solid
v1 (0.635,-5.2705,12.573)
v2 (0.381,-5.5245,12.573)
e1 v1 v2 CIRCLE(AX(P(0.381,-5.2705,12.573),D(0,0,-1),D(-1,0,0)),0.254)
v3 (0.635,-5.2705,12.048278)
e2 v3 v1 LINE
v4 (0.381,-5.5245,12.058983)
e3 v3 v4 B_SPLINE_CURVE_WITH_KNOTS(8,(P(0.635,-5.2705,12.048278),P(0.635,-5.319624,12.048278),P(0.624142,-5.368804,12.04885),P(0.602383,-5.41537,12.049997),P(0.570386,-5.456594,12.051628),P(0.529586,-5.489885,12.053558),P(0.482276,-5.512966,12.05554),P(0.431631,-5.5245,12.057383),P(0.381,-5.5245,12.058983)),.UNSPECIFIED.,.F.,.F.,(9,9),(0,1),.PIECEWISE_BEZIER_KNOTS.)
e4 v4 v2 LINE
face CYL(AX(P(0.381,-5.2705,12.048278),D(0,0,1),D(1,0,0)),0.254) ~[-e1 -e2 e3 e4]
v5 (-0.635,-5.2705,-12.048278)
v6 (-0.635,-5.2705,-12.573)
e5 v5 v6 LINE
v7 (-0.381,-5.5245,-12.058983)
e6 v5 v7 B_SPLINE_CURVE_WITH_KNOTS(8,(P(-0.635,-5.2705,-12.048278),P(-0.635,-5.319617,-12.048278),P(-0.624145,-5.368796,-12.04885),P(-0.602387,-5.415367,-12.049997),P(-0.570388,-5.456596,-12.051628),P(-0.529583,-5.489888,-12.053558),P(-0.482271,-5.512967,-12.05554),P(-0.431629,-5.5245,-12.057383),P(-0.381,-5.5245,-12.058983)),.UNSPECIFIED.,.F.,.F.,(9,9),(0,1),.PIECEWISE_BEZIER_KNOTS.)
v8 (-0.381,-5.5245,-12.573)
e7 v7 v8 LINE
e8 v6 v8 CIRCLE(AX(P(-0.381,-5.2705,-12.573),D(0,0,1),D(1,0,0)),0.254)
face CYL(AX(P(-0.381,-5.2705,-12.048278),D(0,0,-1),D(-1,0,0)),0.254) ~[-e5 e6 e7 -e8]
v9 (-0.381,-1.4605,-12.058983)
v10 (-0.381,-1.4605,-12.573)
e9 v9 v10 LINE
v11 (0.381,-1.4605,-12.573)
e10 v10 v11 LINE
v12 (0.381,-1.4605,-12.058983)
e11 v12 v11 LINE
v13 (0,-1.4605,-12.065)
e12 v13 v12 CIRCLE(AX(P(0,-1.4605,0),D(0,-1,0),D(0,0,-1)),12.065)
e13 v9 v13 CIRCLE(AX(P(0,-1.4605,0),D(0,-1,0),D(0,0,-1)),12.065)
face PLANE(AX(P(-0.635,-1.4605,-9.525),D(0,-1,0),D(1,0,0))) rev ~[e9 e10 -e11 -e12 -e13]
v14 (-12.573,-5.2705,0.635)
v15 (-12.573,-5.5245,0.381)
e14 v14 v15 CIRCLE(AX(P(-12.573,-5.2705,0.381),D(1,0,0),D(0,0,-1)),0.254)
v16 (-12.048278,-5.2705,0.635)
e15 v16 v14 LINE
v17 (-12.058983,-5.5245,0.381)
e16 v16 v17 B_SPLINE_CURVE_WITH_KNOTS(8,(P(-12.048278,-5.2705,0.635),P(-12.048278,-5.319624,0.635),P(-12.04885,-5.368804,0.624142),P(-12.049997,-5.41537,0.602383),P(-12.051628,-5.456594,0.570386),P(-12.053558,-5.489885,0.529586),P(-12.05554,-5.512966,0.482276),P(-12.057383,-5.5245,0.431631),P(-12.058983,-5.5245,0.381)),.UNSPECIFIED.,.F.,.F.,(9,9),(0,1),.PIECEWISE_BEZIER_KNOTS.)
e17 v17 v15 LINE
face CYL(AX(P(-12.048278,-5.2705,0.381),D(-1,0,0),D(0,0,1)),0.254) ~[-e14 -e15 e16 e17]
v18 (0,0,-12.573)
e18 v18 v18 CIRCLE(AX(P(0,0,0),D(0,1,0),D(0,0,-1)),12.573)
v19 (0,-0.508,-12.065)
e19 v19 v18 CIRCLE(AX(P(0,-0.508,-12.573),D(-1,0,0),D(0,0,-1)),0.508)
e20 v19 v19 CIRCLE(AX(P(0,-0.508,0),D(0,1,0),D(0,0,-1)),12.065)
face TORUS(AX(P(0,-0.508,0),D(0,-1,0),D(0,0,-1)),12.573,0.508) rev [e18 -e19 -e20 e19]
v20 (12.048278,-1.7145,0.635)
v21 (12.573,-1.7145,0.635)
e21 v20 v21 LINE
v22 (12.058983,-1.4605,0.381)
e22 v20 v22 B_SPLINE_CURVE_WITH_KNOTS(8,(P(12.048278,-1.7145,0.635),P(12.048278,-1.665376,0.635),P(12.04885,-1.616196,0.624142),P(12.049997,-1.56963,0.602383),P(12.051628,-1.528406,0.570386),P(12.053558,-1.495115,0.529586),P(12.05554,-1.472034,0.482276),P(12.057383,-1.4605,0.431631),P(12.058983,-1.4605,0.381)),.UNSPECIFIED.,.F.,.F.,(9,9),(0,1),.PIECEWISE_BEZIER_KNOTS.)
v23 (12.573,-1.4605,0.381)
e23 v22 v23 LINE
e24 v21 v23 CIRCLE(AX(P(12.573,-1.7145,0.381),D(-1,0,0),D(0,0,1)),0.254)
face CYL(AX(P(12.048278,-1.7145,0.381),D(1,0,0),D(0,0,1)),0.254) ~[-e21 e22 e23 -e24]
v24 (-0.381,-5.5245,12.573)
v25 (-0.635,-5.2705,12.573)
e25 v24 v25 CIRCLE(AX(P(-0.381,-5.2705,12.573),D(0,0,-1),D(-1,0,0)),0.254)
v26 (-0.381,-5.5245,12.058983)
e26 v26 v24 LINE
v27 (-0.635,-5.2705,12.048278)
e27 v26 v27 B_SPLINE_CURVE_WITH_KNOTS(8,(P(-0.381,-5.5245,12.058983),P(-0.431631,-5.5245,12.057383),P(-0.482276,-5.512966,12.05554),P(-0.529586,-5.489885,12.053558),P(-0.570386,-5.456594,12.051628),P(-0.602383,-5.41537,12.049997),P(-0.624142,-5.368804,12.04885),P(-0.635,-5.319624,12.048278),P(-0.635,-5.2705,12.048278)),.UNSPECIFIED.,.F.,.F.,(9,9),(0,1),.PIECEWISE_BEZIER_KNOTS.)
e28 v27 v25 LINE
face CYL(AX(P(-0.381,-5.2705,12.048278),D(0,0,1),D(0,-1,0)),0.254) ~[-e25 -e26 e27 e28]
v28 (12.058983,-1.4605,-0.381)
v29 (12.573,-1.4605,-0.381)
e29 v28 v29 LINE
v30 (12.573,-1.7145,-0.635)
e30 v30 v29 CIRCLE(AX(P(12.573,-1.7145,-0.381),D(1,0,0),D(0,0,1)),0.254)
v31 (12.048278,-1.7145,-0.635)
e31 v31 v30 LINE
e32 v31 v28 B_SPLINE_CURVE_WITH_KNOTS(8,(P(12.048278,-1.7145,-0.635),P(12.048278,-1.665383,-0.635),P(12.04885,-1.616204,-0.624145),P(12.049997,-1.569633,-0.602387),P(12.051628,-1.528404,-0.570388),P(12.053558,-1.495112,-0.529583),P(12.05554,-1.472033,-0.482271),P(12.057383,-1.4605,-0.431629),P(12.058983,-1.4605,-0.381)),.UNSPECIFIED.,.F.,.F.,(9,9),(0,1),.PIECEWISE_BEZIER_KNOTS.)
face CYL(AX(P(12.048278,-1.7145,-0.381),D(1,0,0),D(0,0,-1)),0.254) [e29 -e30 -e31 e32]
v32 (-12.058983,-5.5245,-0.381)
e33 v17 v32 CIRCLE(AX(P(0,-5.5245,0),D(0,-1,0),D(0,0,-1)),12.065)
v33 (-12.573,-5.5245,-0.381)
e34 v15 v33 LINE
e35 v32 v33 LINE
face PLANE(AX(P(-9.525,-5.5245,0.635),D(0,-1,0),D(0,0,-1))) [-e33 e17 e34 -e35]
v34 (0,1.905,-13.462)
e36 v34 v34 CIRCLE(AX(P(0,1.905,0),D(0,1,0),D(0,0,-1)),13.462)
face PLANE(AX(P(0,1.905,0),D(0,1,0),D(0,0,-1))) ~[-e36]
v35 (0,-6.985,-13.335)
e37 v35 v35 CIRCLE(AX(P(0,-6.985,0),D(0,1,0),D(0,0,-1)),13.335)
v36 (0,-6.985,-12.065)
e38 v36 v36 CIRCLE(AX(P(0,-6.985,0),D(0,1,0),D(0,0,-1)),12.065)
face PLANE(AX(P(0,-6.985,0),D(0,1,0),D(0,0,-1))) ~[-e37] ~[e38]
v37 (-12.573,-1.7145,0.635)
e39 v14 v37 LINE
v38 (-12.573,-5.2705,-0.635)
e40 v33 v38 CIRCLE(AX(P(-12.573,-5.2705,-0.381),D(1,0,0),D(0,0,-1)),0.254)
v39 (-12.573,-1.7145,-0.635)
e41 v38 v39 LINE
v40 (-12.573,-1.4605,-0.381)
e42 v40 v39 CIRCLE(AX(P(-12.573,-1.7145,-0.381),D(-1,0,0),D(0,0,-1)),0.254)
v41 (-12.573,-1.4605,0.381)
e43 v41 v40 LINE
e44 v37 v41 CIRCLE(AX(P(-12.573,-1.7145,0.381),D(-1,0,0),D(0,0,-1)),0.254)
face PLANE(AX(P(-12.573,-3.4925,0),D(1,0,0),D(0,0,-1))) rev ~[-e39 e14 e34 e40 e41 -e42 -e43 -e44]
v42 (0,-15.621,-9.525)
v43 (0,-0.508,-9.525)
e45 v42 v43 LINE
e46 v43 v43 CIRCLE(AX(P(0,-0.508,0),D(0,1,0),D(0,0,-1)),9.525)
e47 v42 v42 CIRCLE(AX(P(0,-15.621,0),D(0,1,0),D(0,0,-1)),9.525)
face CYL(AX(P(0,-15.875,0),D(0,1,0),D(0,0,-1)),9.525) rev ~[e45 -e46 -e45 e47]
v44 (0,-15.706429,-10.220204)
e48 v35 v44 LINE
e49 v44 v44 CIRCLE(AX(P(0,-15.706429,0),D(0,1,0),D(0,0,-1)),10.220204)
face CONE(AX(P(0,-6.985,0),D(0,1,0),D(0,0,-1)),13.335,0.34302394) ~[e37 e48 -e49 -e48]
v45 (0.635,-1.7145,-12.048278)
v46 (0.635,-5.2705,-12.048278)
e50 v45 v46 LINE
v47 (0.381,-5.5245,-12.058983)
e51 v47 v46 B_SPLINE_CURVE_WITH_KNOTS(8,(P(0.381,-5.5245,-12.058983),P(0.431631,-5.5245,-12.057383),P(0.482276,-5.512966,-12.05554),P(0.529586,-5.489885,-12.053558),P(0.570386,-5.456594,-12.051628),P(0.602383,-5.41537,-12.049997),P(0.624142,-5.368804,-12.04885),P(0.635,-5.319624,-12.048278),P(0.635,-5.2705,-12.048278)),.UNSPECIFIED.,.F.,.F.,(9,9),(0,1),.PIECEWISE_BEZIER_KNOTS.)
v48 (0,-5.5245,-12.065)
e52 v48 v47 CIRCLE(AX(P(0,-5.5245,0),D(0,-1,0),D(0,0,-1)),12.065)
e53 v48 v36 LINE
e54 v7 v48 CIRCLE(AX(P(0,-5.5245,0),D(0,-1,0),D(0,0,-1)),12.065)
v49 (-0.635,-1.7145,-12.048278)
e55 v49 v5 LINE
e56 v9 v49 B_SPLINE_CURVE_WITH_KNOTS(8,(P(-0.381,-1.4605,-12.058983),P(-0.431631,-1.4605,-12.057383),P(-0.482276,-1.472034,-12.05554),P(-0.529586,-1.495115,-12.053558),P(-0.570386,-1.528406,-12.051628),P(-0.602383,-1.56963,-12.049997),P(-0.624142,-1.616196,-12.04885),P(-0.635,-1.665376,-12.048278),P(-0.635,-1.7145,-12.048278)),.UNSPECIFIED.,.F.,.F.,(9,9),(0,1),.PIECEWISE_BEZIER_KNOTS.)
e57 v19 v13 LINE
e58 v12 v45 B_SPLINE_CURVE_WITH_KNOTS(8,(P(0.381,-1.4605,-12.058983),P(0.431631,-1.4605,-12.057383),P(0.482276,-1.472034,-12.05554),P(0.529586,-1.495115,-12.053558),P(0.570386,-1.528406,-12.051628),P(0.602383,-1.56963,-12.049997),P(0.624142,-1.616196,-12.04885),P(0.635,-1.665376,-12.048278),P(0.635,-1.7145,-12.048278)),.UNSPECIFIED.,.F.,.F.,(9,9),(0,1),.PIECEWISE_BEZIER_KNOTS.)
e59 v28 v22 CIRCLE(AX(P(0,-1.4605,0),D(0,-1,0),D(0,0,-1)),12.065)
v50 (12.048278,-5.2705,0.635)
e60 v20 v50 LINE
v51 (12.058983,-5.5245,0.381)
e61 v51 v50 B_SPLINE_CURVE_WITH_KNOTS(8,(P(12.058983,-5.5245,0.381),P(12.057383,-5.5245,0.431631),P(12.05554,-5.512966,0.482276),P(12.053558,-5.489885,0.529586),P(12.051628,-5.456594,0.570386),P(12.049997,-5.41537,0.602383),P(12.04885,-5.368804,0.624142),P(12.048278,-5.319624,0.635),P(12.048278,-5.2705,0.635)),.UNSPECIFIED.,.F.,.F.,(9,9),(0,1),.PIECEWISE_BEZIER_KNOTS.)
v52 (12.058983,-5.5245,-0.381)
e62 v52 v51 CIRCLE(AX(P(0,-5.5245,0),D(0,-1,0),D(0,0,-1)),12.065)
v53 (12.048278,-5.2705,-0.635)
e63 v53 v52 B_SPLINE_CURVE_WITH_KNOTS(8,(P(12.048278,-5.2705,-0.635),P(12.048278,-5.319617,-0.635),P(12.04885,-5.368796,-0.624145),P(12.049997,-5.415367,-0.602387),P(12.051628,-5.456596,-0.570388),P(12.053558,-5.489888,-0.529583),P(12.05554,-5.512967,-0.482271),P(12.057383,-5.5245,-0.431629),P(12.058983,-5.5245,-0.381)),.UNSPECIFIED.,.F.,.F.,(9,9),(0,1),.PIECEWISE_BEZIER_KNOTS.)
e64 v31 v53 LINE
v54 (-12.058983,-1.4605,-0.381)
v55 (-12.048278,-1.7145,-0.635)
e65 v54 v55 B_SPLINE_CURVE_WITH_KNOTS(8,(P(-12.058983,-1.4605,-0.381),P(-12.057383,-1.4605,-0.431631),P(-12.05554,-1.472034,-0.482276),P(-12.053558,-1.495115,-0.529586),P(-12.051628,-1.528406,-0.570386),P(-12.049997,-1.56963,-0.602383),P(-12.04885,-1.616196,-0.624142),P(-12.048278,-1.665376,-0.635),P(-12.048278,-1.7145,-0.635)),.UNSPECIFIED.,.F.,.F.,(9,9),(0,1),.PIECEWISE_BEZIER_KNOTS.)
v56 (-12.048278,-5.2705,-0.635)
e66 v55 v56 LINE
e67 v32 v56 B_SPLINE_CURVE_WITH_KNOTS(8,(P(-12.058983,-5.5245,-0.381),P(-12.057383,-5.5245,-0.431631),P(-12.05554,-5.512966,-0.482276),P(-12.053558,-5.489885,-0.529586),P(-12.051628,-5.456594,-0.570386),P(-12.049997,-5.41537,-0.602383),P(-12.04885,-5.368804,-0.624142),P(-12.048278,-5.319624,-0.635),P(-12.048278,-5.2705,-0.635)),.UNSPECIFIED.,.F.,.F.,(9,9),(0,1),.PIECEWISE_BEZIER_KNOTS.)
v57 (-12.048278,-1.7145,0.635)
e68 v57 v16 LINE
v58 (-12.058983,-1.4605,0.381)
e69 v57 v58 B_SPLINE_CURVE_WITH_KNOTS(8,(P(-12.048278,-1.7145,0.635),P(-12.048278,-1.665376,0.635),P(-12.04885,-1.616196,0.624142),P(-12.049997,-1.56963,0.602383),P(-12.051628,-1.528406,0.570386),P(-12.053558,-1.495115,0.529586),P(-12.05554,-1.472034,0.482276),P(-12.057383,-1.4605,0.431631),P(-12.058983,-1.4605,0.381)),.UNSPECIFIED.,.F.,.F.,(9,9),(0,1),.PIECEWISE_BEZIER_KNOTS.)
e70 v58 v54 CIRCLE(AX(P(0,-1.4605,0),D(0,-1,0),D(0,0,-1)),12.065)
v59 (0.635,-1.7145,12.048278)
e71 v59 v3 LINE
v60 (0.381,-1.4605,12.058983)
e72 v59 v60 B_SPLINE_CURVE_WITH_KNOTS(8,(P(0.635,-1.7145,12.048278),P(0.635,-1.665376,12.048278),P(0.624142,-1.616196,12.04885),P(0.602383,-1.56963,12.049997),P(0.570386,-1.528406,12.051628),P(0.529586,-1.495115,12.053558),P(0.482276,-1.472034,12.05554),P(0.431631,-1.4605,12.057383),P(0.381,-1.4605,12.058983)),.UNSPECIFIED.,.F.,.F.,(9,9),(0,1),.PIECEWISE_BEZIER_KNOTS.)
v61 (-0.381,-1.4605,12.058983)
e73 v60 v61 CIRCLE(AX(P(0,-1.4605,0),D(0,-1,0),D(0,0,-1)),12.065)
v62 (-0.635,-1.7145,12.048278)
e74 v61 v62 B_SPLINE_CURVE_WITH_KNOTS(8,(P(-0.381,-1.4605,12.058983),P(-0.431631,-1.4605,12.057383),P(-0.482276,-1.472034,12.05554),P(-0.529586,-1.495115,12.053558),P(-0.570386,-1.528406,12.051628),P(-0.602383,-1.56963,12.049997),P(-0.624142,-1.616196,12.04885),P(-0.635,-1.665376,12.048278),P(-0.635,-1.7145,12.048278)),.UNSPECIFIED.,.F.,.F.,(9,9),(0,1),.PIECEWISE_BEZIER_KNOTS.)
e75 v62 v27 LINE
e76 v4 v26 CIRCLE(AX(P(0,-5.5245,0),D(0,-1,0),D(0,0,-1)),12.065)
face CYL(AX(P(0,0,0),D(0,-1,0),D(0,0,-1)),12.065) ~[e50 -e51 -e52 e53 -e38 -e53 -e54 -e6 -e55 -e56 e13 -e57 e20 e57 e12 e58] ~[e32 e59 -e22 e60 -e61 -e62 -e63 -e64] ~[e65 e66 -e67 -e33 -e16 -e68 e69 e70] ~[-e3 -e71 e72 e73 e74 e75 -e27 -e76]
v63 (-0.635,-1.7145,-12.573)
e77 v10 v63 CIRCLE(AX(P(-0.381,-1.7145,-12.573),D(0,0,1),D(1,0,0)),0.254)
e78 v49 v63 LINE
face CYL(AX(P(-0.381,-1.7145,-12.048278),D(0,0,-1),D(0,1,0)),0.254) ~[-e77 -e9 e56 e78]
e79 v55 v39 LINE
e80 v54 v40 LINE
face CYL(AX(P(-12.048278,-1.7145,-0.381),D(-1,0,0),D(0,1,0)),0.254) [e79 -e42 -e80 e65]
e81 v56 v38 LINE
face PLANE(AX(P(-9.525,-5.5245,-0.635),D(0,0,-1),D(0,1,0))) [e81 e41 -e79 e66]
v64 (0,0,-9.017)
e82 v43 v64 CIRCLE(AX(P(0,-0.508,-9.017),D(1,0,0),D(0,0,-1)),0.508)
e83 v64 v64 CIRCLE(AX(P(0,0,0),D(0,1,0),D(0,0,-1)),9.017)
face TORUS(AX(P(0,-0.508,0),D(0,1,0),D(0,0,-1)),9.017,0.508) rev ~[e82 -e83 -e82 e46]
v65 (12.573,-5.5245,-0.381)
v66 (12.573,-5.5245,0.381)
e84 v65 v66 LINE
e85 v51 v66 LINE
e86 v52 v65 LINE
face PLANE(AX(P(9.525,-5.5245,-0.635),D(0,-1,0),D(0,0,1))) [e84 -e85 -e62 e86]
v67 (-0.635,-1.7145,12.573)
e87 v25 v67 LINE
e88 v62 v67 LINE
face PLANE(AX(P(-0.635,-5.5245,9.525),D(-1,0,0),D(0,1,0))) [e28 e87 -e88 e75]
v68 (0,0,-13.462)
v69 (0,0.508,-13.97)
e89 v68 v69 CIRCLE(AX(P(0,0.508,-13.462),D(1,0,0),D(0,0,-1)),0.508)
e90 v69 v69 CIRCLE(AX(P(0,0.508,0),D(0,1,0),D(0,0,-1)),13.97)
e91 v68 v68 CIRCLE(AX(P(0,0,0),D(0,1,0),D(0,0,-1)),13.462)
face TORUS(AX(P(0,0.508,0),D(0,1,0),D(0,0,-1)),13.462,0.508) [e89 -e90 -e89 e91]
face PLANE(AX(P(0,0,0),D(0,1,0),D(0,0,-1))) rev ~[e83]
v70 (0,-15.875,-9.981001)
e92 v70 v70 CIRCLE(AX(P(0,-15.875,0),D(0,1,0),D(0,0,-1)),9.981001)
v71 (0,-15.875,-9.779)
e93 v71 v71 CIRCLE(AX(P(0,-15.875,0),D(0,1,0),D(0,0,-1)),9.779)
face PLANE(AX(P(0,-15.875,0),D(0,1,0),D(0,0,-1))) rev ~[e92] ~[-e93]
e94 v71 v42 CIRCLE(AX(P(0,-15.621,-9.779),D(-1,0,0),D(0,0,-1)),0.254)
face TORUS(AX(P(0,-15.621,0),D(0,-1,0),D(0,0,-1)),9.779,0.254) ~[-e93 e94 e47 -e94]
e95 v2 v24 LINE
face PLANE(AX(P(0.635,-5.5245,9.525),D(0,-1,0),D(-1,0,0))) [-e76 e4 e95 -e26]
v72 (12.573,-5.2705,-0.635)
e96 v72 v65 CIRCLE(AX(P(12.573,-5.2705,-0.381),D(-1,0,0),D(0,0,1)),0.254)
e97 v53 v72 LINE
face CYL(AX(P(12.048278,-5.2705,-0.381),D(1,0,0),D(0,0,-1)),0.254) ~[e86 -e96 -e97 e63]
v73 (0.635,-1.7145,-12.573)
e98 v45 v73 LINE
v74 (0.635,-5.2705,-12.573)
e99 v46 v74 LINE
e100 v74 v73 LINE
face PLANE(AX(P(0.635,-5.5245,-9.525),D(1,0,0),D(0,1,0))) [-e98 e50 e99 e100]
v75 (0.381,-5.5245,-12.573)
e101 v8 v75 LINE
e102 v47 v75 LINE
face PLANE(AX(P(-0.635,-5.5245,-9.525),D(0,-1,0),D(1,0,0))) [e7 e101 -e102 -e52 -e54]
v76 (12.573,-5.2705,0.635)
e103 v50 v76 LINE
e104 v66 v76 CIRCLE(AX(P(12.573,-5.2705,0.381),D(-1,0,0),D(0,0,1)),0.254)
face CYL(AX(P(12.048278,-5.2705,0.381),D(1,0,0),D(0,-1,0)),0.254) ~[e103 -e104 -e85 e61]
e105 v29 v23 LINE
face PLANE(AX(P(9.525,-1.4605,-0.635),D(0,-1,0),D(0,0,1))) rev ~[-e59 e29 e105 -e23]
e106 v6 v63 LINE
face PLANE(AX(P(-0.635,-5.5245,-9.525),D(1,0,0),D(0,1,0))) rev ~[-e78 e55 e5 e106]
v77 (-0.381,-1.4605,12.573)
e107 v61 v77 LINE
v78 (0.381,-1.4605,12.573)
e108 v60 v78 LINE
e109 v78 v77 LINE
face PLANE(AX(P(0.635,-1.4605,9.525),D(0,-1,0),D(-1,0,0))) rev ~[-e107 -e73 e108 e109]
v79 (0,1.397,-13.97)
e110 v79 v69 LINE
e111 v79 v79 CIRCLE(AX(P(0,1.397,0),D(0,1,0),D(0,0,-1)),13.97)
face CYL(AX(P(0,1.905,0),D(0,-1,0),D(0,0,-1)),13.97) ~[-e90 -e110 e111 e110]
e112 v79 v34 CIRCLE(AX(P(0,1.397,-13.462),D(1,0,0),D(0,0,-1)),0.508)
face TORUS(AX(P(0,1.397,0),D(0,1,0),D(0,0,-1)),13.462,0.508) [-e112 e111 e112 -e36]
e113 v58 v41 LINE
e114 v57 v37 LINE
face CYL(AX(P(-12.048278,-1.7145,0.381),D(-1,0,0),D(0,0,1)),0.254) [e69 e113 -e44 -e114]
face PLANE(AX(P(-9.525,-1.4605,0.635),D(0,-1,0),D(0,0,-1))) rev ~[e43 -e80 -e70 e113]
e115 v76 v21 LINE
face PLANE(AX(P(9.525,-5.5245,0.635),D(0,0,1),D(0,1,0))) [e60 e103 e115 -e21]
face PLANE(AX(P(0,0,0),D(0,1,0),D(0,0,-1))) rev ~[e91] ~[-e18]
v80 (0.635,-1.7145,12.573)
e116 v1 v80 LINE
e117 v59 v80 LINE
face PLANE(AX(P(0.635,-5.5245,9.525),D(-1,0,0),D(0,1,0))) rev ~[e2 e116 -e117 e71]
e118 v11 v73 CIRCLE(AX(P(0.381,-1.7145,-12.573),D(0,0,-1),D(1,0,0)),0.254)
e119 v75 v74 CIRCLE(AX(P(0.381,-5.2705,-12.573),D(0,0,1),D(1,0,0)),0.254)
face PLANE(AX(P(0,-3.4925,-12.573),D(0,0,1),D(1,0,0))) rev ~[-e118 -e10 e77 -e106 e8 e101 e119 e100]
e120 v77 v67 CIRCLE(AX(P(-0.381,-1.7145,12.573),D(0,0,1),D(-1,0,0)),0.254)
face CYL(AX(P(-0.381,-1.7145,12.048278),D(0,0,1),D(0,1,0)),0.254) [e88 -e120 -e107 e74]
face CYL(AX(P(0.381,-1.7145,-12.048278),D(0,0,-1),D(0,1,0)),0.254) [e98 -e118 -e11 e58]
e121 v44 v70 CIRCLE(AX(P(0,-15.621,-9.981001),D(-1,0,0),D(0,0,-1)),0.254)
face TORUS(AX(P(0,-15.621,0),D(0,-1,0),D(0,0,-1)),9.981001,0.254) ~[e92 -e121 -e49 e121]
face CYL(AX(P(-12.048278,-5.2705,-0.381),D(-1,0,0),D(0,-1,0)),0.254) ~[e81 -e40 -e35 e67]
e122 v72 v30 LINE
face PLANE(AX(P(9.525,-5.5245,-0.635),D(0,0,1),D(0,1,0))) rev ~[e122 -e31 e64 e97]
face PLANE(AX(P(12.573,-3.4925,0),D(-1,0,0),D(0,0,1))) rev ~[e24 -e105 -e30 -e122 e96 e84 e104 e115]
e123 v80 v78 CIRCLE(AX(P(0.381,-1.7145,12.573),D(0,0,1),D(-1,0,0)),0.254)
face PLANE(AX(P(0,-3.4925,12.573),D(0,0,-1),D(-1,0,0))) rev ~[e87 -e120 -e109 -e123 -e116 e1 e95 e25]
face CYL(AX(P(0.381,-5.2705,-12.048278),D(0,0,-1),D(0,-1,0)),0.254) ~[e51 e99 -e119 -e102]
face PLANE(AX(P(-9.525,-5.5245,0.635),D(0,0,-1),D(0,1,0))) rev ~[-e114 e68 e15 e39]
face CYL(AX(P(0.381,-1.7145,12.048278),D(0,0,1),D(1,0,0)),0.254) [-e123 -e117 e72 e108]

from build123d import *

# Parameters (mm, degrees)
SKETCH2_W                = 1.27
SKETCH2_H                = 4.064
BOSS_EXTRUDE1_DEPTH      = 3.048
FILLET1_R                = 0.508
FILLET2_R                = 0.254
CIRPATTERN1_COUNT        = 4
FILLET2_OF_CIRPATTERN1_R = 0.254


with BuildPart() as part:
    # Sketch1 → Revolve1 (revolve)
    with BuildSketch(Plane.XY, mode=Mode.PRIVATE) as revolve1_sk:
        Polygon((13.335, -6.985), (10.16, -15.875), (9.525, -15.875), (9.525, 0), (0, 0), (0, 1.905), (13.97, 1.905), (13.97, 0), (12.065, 0), (12.065, -6.985), align=None)
    revolve(revolve1_sk.sketch.rotate(Axis((0, 0, 0), (0, 1, 0)), 90), axis=Axis((0, 0, 0), (0, 1, 0)))

    # Sketch2 → Boss-Extrude1 (add)
    with BuildSketch(Plane.ZY.offset(-9.525)):
        with Locations((0, -3.4925)):
            Rectangle(SKETCH2_W, SKETCH2_H)
    boss_extrude1 = extrude(amount=-BOSS_EXTRUDE1_DEPTH)

    # Fillet1
    fillet1_edges = [part.edges().sort_by_distance(p)[0] for p in [
        (0, 0, 12.065),
        (0, 0, 9.525),
        (0, 1.905, 13.97),
        (0, 0, 13.97),
    ]]
    fillet(fillet1_edges, radius=FILLET1_R)

    # Fillet2
    fillet2_edges = [part.edges().sort_by_distance(p)[0] for p in [
        (0, -15.875, 10.16),
        (0, -15.875, 9.525),
        (12.310638943, -5.5245, -0.635),
        (12.310638943, -1.4605, -0.635),
        (12.310638943, -1.4605, 0.635),
        (12.310638943, -5.5245, 0.635),
    ]]
    fillet(fillet2_edges, radius=FILLET2_R)

    # CirPattern1: Boss-Extrude1 ×4 about axis
    cirpattern1_axis = Axis((0, 0, 0), (0, 1, 0))
    for i in range(1, CIRPATTERN1_COUNT):
        add(boss_extrude1.rotate(cirpattern1_axis, i * 360 / CIRPATTERN1_COUNT))

    # Fillet2 of CirPattern1
    fillet2_of_cirpattern1_edges = [part.edges().sort_by_distance(p)[0] for p in [
        (10.16, -15.875, 0),
        (9.525, -15.875, 0),
        (-0.635, -5.5245, -12.310638943),
        (-0.635, -1.4605, -12.310638943),
        (0.635, -1.4605, -12.310638943),
        (0.635, -5.5245, -12.310638943),
        (0, -15.875, -10.16),
        (0, -15.875, -9.525),
        (-12.310638943, -5.5245, 0.635),
        (-12.310638943, -1.4605, 0.635),
        (-12.310638943, -1.4605, -0.635),
        (-12.310638943, -5.5245, -0.635),
        (-10.16, -15.875, 0),
        (-9.525, -15.875, 0),
        (0.635, -5.5245, 12.310638943),
        (0.635, -1.4605, 12.310638943),
        (-0.635, -1.4605, 12.310638943),
        (-0.635, -5.5245, 12.310638943),
    ]]
    fillet(fillet2_of_cirpattern1_edges, radius=FILLET2_OF_CIRPATTERN1_R)


solid = part.part
